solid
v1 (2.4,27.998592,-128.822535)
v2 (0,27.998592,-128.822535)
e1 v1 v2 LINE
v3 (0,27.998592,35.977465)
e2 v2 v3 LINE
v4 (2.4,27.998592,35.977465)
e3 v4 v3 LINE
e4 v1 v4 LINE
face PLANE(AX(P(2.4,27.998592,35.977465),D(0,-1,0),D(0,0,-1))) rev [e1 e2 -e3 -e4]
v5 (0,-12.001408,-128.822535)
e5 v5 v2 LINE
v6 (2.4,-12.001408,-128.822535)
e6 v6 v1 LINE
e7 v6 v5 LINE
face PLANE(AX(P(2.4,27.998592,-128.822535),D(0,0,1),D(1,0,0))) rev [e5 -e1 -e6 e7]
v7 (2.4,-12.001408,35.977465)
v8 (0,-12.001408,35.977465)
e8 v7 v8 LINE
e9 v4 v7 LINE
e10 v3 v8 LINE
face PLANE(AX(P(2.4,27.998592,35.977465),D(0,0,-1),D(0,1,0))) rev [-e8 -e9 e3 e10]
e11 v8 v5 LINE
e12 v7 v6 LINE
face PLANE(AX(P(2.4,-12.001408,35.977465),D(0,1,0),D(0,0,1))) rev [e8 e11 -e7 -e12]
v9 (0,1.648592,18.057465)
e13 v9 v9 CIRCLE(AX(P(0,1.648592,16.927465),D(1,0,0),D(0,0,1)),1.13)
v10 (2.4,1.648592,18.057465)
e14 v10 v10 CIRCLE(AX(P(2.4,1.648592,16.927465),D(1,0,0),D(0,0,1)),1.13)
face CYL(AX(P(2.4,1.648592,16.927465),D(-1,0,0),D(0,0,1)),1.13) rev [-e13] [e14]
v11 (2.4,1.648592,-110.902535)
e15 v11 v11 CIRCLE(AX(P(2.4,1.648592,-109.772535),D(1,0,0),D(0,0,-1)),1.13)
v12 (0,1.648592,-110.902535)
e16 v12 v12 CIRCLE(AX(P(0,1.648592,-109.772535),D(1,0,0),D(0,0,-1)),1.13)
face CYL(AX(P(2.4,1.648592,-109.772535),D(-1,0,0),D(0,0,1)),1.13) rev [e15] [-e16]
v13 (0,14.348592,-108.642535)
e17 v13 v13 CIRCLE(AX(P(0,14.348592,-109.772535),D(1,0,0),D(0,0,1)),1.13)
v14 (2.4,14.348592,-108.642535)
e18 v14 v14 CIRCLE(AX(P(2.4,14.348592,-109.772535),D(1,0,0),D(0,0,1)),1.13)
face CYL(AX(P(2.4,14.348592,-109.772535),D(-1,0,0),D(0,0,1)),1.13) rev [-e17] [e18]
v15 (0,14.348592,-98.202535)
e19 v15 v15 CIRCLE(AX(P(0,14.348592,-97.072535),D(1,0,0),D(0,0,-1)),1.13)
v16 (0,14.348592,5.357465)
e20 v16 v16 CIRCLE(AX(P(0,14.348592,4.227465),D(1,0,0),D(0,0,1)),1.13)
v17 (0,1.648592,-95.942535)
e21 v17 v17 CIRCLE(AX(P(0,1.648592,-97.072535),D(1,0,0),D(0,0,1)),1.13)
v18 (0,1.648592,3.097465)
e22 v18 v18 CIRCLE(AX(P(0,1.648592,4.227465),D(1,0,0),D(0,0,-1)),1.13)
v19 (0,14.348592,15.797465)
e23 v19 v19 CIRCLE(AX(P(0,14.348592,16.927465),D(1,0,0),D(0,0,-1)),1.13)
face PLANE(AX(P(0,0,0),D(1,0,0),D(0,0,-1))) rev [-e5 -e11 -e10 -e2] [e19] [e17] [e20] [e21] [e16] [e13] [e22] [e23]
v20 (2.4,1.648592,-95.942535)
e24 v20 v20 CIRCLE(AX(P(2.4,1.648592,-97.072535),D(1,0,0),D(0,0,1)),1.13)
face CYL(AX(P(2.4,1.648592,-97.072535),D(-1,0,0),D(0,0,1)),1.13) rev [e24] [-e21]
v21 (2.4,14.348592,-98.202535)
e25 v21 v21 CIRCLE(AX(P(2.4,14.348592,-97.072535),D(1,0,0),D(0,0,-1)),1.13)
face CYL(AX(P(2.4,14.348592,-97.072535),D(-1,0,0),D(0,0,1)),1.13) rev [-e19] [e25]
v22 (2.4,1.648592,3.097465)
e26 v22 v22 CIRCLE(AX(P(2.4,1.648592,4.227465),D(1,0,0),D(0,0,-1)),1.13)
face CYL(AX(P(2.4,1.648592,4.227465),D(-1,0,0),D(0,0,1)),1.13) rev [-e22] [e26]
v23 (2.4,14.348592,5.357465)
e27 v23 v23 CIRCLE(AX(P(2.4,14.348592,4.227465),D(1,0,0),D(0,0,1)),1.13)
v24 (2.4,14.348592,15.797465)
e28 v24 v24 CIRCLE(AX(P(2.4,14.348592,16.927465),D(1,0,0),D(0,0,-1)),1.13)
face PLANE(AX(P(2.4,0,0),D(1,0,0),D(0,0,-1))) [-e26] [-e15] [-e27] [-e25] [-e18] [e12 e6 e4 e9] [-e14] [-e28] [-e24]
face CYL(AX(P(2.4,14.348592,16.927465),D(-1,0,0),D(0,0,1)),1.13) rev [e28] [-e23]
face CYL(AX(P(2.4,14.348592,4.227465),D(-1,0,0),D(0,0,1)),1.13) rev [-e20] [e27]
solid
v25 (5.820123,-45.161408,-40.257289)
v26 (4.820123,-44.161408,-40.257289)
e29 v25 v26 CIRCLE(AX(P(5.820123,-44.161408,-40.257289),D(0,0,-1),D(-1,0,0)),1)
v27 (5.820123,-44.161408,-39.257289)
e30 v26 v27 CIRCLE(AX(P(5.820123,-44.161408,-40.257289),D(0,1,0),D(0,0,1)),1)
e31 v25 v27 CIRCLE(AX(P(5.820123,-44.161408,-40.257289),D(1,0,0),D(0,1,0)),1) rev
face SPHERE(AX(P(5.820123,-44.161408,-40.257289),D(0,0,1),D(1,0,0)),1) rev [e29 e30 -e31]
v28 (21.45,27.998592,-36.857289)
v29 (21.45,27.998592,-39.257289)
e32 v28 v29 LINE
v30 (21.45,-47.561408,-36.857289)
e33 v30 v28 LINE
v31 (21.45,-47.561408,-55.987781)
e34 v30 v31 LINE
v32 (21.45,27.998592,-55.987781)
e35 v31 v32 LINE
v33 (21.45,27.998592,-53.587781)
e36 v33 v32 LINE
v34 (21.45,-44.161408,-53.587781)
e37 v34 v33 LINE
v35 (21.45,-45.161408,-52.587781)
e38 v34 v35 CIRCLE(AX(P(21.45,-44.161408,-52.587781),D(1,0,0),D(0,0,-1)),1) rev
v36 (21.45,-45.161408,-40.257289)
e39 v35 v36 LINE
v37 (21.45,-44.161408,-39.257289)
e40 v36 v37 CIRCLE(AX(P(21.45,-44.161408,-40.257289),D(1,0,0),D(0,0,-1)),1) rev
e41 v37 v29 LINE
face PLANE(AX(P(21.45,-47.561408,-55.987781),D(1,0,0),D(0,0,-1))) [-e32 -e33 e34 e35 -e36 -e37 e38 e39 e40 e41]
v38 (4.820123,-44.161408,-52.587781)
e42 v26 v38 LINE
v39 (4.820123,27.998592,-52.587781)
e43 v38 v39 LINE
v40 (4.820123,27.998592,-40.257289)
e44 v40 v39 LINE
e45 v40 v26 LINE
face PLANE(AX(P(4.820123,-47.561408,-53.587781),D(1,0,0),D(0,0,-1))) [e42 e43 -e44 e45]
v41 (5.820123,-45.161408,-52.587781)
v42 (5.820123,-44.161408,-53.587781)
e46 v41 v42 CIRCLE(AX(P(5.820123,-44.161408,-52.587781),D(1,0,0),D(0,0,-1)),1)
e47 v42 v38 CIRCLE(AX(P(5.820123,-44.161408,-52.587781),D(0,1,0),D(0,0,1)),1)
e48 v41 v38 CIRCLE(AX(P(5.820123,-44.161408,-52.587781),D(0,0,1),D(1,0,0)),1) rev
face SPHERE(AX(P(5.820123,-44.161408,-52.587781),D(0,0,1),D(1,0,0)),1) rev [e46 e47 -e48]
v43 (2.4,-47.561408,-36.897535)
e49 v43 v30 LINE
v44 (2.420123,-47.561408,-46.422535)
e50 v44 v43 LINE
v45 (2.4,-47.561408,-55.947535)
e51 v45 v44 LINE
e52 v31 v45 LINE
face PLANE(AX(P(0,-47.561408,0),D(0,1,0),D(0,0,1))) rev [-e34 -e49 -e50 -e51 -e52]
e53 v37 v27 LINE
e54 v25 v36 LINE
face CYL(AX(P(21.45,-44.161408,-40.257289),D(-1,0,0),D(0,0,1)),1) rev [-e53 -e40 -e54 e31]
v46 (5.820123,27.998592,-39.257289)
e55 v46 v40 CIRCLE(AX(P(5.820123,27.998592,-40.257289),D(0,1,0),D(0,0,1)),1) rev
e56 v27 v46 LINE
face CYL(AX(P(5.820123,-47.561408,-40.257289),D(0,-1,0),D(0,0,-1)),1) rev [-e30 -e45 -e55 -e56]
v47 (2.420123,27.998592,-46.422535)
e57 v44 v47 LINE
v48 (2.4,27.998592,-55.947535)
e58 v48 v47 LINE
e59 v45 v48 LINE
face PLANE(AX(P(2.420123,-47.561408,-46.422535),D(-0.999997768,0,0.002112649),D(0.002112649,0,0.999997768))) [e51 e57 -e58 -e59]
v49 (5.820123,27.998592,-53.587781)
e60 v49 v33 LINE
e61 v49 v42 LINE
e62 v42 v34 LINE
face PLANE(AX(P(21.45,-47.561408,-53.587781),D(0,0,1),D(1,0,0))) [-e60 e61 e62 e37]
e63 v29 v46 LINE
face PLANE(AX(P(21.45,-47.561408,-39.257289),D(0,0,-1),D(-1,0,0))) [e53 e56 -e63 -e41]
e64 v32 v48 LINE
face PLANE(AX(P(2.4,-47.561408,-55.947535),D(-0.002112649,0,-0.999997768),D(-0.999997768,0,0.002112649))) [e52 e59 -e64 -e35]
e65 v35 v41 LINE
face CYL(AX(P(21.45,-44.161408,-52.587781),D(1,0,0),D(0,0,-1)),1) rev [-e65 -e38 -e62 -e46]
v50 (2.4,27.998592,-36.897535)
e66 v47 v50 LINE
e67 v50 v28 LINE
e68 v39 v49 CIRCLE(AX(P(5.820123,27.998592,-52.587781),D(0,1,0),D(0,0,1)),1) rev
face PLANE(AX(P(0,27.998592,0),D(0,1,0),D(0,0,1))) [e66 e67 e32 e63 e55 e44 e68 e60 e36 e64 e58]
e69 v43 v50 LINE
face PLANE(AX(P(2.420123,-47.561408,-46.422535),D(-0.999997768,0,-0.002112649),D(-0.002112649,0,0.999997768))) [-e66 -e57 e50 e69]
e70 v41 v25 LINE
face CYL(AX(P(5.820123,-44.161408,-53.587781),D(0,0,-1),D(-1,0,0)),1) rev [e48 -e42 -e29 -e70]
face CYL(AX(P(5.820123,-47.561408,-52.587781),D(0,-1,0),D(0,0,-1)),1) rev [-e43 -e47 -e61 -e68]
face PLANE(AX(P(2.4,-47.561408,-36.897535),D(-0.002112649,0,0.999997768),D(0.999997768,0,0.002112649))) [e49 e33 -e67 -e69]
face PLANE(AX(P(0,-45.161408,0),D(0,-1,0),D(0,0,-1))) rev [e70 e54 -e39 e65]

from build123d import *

# Parameters (mm, degrees)
SKETCH1_W           = 164.8
SKETCH1_H           = 40
SKETCH1_R           = 1.13
BOSS_EXTRUDE1_DEPTH = 2.4
BOSS_EXTRUDE2_DEPTH = 75.56
SKETCH3_W           = 16.629876975
SKETCH3_H           = 14.330492101
BOSS_EXTRUDE3_DEPTH = 2.4
FILLET1_R           = 1


with BuildPart() as part:
    # Sketch1 → Boss-Extrude1 (new body)
    with BuildSketch(Plane(origin=(0, 0, 0), x_dir=(0, 0, -1), z_dir=(1, 0, 0))):
        with Locations((46.422535211, 7.998591549)):
            Rectangle(SKETCH1_W, SKETCH1_H)
        with Locations((-16.927464789, 14.348591549)):
            Circle(SKETCH1_R, mode=Mode.SUBTRACT)
        with Locations(Location((-4.227464789, 14.348591549, 0), (0, 0, 180))):
            Circle(SKETCH1_R, mode=Mode.SUBTRACT)
        with Locations((-4.227464789, 1.648591549)):
            Circle(SKETCH1_R, mode=Mode.SUBTRACT)
        with Locations(Location((-16.927464789, 1.648591549, 0), (0, 0, 180))):
            Circle(SKETCH1_R, mode=Mode.SUBTRACT)
        with Locations((109.772535211, 1.648591549)):
            Circle(SKETCH1_R, mode=Mode.SUBTRACT)
        with Locations(Location((97.072535211, 1.648591549, 0), (0, 0, 180))):
            Circle(SKETCH1_R, mode=Mode.SUBTRACT)
        with Locations((97.072535211, 14.348591549)):
            Circle(SKETCH1_R, mode=Mode.SUBTRACT)
        with Locations(Location((109.772535211, 14.348591549, 0), (0, 0, 180))):
            Circle(SKETCH1_R, mode=Mode.SUBTRACT)
    extrude(amount=BOSS_EXTRUDE1_DEPTH)


with BuildPart() as body_2:
    # Sketch2 → Boss-Extrude2 (new body)
    with BuildSketch(Plane(origin=(0, 27.998591549, 0), x_dir=(1, 0, 0), z_dir=(0, 1, 0))):
        Polygon((2.4, 55.947535211), (21.45, 55.987781262), (21.45, 53.587781262), (4.820123025, 53.587781262), (4.820123025, 39.257289161), (21.45, 39.257289161), (21.45, 36.857289161), (2.4, 36.897535211), (2.420123025, 46.422535211), align=None)
    extrude(amount=-BOSS_EXTRUDE2_DEPTH)

    # Sketch3 → Boss-Extrude3 (add)
    with BuildSketch(Plane.XZ.offset(47.561408451)):
        with Locations((13.135061513, -46.422535212)):
            Rectangle(SKETCH3_W, SKETCH3_H)
    extrude(amount=-BOSS_EXTRUDE3_DEPTH)

    # Fillet1
    fillet1_edges = [body_2.edges().sort_by_distance(p)[0] for p in [
        (4.820123025, -8.581408451, -39.257289161),
        (4.820123025, -8.581408451, -53.587781262),
        (4.820123025, -45.161408451, -46.422535211),
        (13.135061513, -45.161408451, -39.257289161),
        (13.135061513, -45.161408451, -53.587781262),
    ]]
    fillet(fillet1_edges, radius=FILLET1_R)


solid = Compound([part.part, body_2.part])
